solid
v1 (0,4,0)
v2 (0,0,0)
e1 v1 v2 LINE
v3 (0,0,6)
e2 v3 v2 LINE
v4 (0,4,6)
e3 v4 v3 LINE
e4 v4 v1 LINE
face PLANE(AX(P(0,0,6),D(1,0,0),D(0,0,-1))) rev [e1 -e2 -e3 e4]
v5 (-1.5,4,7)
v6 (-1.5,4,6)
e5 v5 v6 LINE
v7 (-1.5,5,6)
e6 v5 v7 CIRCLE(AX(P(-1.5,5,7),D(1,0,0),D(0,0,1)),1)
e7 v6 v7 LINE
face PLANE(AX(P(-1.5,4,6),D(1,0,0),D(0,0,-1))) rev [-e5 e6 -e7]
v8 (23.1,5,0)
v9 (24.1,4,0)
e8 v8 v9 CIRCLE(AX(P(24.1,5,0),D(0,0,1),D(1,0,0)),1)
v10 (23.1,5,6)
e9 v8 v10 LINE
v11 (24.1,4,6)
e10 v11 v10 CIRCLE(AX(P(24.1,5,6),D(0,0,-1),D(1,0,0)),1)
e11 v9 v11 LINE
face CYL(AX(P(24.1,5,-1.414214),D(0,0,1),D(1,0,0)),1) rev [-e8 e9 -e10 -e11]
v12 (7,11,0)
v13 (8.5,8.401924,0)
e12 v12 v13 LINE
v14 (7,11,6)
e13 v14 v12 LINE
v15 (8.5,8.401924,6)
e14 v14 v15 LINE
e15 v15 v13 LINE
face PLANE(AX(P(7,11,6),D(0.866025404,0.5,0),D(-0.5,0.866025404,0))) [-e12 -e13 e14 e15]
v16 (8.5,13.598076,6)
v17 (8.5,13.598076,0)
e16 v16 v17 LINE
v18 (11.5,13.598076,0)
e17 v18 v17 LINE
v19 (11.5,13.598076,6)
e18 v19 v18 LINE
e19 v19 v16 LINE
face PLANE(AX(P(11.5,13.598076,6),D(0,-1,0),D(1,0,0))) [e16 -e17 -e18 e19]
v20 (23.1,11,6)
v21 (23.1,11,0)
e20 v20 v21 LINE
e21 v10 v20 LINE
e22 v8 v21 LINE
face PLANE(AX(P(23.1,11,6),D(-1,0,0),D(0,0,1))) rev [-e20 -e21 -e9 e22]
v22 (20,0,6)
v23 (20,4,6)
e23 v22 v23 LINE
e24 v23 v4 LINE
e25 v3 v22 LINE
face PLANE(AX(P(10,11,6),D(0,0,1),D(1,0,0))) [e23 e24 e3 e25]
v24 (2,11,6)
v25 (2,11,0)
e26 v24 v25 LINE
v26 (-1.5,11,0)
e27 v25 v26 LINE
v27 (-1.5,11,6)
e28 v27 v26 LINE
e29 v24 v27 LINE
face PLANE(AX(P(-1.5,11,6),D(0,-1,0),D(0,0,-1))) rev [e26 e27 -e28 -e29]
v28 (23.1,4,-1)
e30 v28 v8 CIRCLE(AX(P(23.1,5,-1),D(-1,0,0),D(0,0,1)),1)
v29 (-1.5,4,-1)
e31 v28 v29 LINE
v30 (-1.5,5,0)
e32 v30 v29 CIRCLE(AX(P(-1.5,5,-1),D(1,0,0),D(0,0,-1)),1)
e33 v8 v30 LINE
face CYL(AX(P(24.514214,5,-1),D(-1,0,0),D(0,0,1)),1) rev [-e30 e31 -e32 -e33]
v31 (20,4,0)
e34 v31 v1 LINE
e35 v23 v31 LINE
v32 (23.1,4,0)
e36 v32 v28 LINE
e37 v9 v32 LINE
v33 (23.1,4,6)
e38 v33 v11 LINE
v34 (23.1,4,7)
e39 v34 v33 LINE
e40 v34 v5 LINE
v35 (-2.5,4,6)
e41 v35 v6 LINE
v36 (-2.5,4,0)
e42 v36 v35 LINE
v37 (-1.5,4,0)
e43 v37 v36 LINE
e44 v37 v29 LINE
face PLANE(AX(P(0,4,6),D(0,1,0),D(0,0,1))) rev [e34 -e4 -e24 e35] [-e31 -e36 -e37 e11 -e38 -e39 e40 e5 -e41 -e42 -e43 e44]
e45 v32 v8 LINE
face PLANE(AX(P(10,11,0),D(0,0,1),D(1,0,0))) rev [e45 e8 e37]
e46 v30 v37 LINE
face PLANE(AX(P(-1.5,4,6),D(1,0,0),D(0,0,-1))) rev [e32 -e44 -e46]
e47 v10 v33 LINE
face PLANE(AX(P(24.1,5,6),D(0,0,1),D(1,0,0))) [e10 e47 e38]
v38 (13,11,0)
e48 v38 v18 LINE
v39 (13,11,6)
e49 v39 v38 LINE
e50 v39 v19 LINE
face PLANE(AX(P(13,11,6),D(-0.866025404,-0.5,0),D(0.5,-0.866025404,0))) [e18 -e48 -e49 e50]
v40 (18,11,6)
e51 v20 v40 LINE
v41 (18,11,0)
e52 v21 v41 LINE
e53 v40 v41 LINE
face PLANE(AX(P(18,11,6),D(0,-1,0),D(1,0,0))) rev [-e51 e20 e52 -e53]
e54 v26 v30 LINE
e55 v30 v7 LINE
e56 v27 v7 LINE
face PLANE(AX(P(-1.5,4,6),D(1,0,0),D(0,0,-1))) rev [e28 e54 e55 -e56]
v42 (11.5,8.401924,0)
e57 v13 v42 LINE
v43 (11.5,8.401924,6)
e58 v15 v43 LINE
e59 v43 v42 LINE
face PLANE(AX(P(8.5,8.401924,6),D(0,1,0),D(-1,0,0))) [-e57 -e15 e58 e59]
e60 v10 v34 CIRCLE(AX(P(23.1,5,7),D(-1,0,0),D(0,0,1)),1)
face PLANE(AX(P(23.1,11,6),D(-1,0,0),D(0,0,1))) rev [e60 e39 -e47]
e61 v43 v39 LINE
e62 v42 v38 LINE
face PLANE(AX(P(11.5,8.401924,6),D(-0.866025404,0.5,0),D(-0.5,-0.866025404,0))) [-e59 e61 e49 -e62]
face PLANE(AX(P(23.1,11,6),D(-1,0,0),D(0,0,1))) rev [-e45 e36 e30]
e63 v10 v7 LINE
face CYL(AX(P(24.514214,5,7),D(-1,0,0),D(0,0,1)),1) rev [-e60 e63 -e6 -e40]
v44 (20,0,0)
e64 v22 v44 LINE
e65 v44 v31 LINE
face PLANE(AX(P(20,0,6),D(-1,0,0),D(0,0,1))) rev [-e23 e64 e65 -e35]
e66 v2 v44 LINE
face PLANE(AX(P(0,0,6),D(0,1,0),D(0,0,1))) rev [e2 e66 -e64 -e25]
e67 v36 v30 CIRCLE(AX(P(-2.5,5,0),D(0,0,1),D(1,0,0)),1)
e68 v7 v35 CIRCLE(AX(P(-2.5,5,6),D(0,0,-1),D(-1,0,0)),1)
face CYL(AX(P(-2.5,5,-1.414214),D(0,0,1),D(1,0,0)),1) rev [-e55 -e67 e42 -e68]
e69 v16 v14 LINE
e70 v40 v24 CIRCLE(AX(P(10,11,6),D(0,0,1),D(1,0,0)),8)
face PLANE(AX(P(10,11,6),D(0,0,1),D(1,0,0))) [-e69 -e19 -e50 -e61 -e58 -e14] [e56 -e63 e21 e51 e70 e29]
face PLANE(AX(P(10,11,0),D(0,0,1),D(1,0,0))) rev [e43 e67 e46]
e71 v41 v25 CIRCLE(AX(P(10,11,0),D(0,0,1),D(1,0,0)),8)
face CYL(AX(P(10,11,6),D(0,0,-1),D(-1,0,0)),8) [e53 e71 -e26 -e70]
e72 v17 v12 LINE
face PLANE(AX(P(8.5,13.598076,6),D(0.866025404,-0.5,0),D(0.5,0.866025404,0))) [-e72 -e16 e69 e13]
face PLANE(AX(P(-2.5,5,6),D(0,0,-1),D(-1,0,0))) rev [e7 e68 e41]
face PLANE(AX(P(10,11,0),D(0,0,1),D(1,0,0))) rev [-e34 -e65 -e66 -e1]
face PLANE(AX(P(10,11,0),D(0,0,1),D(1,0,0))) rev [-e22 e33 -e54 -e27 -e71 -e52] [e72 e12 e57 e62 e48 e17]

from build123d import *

# Parameters (mm, degrees)
BOSS_EXTRUDE1_DEPTH = 6
BOSS_EXTRUDE2_DEPTH = 24.6
BOSS_EXTRUDE3_DEPTH = 6


with BuildPart() as part:
    # Sketch1 → Boss-Extrude1 (new body)
    with BuildSketch(Plane.XY):
        with BuildLine():
            Line((0, 0), (20, 0))
            Line((20, 0), (20, 4))
            Line((20, 4), (23.1, 4))
            Line((23.1, 4), (23.1, 11))
            Line((23.1, 11), (18, 11))
            ThreePointArc((18, 11), (10, 19), (2, 11))
            Line((2, 11), (-1.5, 11))
            Line((-1.5, 11), (-1.5, 4))
            Line((-1.5, 4), (0, 4))
            Line((0, 4), (0, 0))
        make_face()
        Polygon((13, 11), (11.5, 13.598076211), (8.5, 13.598076211), (7, 11), (8.5, 8.401923789), (11.5, 8.401923789), align=None, mode=Mode.SUBTRACT)
    extrude(amount=BOSS_EXTRUDE1_DEPTH)

    # Sketch2 → Boss-Extrude2 (add)
    with BuildSketch(Plane.ZY.offset(1.5)):
        with BuildLine():
            Line((6, 4), (6, 5))
            ThreePointArc((6, 5), (6.292893219, 4.292893219), (7, 4))
            Line((7, 4), (6, 4))
        make_face()
        with BuildLine():
            Line((0, 4), (-1, 4))
            ThreePointArc((-1, 4), (-0.292893219, 4.292893219), (0, 5))
            Line((0, 5), (0, 4))
        make_face()
    extrude(amount=-BOSS_EXTRUDE2_DEPTH)

    # Sketch4 → Boss-Extrude3 (add)
    with BuildSketch(Plane.XY.offset(6)):
        with BuildLine():
            Line((23.1, 4), (23.1, 5))
            ThreePointArc((23.1, 5), (23.392893219, 4.292893219), (24.1, 4))
            Line((24.1, 4), (23.1, 4))
        make_face()
        with BuildLine():
            Line((-1.5, 4), (-2.5, 4))
            ThreePointArc((-2.5, 4), (-1.792893219, 4.292893219), (-1.5, 5))
            Line((-1.5, 5), (-1.5, 4))
        make_face()
    extrude(amount=-BOSS_EXTRUDE3_DEPTH)


solid = part.part
